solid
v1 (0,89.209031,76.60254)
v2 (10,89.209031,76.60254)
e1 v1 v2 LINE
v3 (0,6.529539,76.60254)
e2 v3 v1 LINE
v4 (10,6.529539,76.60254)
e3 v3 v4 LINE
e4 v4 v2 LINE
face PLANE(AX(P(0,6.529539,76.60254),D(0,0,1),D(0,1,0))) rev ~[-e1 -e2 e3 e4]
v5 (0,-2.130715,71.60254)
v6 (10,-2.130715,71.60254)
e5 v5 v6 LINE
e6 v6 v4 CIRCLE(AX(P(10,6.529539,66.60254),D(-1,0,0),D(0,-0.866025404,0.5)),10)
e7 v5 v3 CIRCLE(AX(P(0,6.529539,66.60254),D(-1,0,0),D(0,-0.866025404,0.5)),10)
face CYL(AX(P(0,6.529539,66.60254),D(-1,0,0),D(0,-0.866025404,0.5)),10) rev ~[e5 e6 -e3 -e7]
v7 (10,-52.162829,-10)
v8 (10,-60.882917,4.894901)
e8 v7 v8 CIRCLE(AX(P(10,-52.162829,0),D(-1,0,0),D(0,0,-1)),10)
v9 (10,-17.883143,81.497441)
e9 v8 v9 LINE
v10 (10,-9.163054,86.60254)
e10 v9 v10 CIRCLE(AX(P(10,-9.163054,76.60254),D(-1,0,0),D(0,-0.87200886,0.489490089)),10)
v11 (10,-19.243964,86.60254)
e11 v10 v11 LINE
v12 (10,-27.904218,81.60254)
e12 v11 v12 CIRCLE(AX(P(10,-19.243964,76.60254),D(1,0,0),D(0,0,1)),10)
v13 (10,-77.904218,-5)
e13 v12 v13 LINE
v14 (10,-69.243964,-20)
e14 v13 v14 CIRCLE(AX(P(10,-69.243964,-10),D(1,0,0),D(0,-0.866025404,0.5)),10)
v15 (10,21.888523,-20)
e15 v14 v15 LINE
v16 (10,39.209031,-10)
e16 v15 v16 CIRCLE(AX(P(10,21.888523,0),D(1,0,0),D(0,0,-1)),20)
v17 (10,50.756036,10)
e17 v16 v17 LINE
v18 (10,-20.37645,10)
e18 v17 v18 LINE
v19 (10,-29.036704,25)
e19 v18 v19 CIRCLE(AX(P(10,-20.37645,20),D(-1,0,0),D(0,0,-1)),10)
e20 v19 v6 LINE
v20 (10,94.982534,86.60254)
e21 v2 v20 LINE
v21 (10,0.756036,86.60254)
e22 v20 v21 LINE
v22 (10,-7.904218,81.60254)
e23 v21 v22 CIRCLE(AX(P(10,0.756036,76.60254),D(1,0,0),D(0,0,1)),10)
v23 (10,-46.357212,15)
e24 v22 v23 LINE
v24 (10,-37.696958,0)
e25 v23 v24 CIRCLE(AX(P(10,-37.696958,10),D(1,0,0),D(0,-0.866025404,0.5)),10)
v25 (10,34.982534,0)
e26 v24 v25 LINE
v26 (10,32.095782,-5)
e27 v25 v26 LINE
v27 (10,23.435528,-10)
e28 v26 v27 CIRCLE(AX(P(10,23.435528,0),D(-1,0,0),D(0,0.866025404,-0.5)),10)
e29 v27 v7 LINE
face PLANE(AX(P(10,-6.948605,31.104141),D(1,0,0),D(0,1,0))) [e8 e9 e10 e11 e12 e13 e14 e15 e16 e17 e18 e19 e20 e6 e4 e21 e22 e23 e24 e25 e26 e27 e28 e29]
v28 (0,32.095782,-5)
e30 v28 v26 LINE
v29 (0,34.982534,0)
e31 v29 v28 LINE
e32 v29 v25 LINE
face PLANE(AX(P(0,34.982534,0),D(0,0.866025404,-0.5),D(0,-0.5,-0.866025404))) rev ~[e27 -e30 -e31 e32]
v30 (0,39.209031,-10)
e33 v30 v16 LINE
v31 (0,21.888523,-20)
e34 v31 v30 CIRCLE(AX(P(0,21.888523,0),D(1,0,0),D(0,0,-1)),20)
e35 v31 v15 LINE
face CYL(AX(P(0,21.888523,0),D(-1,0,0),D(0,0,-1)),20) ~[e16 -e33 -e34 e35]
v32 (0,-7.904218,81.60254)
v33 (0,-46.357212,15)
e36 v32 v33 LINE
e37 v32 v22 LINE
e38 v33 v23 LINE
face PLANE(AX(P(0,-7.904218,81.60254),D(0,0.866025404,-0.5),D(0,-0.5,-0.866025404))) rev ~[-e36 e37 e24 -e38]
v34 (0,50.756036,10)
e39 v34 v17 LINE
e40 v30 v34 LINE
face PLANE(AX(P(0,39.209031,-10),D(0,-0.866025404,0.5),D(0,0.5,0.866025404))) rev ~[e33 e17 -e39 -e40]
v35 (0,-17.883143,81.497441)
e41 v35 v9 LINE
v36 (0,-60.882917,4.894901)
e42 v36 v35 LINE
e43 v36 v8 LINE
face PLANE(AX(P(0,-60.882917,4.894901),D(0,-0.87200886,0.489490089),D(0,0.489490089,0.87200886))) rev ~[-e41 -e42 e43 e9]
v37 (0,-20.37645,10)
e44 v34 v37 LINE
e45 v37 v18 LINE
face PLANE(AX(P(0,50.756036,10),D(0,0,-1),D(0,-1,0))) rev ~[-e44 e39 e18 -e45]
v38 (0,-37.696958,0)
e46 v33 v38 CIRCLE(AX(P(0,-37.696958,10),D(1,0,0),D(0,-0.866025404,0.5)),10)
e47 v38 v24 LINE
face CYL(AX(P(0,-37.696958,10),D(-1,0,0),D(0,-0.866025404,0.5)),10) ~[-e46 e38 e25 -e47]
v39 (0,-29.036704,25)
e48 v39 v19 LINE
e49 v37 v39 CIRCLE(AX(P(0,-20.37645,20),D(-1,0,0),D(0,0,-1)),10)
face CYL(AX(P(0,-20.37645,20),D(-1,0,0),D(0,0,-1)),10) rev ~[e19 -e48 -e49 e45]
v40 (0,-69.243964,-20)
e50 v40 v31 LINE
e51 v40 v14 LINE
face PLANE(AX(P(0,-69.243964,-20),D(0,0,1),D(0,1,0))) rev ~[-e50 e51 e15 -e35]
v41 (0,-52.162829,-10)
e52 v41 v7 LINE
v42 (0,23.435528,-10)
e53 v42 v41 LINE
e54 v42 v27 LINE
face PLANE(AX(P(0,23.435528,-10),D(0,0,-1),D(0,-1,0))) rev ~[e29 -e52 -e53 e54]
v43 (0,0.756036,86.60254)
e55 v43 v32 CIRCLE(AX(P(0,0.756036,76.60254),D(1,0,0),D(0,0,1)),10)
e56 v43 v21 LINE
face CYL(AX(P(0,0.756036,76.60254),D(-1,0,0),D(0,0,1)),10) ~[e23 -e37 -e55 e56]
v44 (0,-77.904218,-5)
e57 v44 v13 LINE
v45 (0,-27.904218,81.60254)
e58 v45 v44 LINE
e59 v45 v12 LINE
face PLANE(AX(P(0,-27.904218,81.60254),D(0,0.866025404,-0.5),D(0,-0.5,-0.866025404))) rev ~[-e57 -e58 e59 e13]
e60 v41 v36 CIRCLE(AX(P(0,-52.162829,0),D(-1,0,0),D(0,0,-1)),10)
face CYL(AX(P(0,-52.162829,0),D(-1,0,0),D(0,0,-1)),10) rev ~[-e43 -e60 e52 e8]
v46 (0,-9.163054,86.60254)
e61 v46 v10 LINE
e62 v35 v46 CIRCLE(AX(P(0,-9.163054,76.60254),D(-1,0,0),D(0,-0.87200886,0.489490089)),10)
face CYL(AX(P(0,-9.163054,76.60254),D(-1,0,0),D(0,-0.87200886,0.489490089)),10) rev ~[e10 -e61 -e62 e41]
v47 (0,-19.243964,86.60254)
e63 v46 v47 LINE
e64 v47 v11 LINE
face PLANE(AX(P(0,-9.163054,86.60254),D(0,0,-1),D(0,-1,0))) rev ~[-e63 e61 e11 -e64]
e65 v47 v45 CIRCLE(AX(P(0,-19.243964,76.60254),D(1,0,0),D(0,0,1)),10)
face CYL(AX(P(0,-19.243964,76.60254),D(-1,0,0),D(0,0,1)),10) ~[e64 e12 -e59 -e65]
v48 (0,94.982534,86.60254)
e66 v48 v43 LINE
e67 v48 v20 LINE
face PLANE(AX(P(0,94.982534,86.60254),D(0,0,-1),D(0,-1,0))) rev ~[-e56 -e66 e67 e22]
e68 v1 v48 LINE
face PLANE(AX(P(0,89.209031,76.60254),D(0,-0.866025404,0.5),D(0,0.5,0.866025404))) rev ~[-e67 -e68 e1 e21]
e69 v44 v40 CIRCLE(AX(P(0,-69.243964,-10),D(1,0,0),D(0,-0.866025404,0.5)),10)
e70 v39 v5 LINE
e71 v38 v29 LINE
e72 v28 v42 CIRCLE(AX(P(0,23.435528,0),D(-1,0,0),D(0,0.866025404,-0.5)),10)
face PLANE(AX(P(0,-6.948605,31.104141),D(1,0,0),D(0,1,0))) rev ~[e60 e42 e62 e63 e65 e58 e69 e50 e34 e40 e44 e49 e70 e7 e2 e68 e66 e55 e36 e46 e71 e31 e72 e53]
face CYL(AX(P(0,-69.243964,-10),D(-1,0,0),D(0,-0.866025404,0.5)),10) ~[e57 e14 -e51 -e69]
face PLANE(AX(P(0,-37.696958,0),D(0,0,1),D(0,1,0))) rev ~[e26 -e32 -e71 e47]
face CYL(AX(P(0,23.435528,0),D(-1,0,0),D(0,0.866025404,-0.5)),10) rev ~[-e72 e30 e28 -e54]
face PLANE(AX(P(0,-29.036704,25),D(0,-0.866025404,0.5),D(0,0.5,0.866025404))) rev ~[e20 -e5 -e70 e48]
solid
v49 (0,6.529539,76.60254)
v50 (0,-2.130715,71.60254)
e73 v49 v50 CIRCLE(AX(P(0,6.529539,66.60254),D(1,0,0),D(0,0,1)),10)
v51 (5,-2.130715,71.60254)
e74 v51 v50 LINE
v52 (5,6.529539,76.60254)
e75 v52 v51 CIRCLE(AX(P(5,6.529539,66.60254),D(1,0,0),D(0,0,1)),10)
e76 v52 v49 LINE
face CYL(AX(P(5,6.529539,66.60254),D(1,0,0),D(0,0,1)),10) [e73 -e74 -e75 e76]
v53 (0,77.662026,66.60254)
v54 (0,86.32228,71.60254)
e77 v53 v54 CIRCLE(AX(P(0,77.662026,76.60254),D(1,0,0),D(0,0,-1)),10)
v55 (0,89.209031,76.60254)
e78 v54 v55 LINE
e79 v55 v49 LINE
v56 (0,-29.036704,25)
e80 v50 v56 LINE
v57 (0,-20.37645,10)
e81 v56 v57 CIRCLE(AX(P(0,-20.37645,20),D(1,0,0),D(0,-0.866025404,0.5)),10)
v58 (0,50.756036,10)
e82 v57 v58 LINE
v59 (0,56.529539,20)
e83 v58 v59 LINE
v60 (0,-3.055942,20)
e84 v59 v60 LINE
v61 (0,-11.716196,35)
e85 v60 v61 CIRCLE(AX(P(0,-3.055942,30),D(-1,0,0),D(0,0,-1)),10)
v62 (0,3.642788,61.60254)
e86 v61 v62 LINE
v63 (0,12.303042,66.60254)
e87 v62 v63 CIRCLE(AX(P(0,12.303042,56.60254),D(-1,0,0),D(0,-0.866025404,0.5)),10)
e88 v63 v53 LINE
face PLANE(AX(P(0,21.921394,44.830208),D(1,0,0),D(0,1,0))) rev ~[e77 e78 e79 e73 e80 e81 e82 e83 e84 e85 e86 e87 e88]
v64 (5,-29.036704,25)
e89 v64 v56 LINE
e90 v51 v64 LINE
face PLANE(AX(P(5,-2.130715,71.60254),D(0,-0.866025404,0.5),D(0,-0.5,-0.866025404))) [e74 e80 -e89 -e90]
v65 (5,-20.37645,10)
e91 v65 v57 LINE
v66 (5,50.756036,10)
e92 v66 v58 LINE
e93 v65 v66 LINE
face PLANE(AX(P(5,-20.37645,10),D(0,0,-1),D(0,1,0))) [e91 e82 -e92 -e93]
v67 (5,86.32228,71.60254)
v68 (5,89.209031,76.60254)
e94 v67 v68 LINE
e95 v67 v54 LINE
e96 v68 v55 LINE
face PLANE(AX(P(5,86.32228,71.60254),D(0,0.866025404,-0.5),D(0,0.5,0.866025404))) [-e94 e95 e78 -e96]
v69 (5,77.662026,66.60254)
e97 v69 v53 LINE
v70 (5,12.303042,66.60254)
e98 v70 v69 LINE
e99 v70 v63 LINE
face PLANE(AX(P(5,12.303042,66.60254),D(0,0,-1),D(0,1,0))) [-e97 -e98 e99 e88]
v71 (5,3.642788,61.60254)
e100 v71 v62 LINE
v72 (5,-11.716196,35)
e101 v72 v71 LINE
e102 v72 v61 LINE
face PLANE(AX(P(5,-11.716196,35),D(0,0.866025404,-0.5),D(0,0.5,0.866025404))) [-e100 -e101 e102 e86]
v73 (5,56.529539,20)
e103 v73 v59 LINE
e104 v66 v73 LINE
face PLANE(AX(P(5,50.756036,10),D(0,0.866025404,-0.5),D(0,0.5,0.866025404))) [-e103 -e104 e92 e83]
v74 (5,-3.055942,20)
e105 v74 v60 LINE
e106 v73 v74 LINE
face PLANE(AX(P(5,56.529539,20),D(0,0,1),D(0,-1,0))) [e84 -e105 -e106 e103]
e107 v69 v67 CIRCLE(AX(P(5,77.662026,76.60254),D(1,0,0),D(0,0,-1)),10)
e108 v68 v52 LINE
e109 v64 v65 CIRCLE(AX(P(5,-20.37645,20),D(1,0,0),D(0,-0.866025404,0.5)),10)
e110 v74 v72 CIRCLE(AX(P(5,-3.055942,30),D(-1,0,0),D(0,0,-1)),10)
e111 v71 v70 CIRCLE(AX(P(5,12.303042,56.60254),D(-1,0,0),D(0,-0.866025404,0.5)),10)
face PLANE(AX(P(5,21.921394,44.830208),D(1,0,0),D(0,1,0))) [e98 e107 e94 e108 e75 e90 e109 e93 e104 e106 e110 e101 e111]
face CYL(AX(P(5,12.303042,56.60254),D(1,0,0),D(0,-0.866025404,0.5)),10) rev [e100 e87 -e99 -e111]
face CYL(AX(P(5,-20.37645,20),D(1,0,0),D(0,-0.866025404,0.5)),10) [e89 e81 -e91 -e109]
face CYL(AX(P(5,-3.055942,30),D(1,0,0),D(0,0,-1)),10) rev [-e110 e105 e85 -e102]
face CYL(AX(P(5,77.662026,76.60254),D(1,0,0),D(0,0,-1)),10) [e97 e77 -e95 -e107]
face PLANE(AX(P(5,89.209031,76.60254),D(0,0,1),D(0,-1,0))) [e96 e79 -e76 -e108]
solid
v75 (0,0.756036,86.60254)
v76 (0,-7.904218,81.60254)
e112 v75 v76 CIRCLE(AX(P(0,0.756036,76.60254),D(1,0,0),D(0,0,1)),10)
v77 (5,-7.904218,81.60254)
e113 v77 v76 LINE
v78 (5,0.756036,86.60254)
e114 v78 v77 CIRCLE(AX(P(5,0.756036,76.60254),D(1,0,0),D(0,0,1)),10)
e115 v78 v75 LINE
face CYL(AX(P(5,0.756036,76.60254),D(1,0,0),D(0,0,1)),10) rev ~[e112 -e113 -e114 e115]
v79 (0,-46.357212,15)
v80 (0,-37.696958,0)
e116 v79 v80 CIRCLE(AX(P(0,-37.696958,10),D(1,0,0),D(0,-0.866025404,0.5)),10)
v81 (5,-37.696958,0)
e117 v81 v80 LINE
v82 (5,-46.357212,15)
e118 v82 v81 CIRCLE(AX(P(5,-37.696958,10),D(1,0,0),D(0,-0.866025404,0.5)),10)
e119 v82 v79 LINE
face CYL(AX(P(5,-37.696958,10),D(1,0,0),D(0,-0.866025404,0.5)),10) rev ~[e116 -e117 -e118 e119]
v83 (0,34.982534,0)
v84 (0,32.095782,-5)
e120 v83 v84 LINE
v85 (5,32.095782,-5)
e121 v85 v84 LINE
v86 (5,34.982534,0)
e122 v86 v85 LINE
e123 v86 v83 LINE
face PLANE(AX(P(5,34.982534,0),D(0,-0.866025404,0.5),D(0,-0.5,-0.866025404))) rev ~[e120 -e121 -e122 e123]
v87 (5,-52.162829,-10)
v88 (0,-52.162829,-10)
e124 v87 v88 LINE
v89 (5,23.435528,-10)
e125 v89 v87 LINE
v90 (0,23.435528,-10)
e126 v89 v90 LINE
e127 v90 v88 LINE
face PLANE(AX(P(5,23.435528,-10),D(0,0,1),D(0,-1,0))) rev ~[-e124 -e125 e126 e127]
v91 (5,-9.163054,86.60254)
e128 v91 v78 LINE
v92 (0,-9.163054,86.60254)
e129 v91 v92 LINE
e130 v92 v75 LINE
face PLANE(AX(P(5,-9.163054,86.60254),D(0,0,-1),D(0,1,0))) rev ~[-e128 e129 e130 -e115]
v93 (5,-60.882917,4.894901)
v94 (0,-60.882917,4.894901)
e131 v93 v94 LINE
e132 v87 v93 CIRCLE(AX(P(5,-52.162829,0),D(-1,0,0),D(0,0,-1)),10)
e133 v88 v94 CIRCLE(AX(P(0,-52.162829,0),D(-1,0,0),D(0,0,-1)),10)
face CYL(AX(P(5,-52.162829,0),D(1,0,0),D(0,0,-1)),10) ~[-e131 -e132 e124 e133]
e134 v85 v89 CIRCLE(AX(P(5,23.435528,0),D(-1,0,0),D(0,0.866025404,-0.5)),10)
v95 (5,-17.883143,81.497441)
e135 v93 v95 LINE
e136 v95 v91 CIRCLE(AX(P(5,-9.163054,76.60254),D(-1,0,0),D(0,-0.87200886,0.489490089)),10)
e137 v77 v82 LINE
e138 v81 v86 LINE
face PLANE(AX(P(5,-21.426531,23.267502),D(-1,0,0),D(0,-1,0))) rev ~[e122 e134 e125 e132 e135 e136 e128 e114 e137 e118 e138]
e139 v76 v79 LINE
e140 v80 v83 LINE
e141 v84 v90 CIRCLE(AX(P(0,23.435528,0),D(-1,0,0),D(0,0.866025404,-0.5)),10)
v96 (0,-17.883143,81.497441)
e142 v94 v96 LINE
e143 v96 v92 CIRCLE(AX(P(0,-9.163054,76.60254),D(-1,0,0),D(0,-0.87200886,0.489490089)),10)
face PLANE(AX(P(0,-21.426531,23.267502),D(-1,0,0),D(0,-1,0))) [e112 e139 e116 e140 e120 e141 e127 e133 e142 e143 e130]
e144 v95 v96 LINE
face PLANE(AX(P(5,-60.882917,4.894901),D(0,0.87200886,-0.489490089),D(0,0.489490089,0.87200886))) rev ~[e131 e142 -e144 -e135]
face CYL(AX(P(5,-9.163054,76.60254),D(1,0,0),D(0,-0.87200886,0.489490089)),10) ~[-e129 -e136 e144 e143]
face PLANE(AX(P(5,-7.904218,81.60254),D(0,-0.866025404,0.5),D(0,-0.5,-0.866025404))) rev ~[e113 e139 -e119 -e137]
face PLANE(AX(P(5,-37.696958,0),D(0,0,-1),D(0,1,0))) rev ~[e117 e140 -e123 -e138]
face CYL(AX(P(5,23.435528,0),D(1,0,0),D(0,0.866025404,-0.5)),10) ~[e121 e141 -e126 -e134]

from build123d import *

# Parameters (mm, degrees)
BOSS_EXTRUDE1_DEPTH = 10
BOSS_EXTRUDE2_START = -5
BOSS_EXTRUDE2_DEPTH = 5
BOSS_EXTRUDE3_DEPTH = 5


with BuildPart() as part:
    # Sketch1 → Boss-Extrude1 (new body)
    with BuildSketch(Plane.YZ):
        with BuildLine():
            Line((94.982533692, 86.602540378), (0.756036384, 86.602540378))
            ThreePointArc((0.756036384, 86.602540378), (-4.243963616, 85.262794416), (-7.904217654, 81.602540378))
            Line((-7.904217654, 81.602540378), (-46.35721227, 15))
            ThreePointArc((-46.35721227, 15), (-46.35721227, 5), (-37.696958232, 0))
            Line((-37.696958232, 0), (34.982533692, 0))
            Line((34.982533692, 0), (32.095782346, -5))
            ThreePointArc((32.095782346, -5), (28.435528308, -8.660254038), (23.435528308, -10))
            Line((23.435528308, -10), (-52.162828812, -10))
            ThreePointArc((-52.162828812, -10), (-60.79269002, -5.052276273), (-60.882917416, 4.894900893))
            Line((-60.882917416, 4.894900893), (-17.883142944, 81.497441271))
            ThreePointArc((-17.883142944, 81.497441271), (-14.215330614, 85.232401586), (-9.163054341, 86.602540378))
            Line((-9.163054341, 86.602540378), (-15.017466308, 86.602540378))
            Line((-15.017466308, 86.602540378), (-19.243963616, 86.602540378))
            ThreePointArc((-19.243963616, 86.602540378), (-24.243963616, 85.262794416), (-27.904217654, 81.602540378))
            Line((-27.904217654, 81.602540378), (-77.904217654, -5))
            ThreePointArc((-77.904217654, -5), (-77.904217654, -15), (-69.243963616, -20))
            Line((-69.243963616, -20), (21.888522925, -20))
            ThreePointArc((21.888522925, -20), (31.888522925, -17.320508076), (39.209031, -10))
            Line((39.209031, -10), (50.756036384, 10))
            Line((50.756036384, 10), (-20.376450156, 10))
            ThreePointArc((-20.376450156, 10), (-29.036704194, 15), (-29.036704194, 25))
            Line((-29.036704194, 25), (-2.130714962, 71.602540378))
            ThreePointArc((-2.130714962, 71.602540378), (1.529539076, 75.262794416), (6.529539076, 76.602540378))
            Line((6.529539076, 76.602540378), (83.435528308, 76.602540378))
            Line((83.435528308, 76.602540378), (89.209031, 76.602540378))
            Line((89.209031, 76.602540378), (92.095782346, 81.602540378))
            Line((92.095782346, 81.602540378), (94.982533692, 86.602540378))
        make_face()
    extrude(amount=BOSS_EXTRUDE1_DEPTH)


with BuildPart() as body_2:
    # Sketch2 → Boss-Extrude2 (new body)
    with BuildSketch(Plane.YZ.offset(10).offset(BOSS_EXTRUDE2_START)):
        with BuildLine():
            Line((-9.163054341, 86.602540378), (0.756036384, 86.602540378))
            ThreePointArc((0.756036384, 86.602540378), (-4.243963616, 85.262794416), (-7.904217654, 81.602540378))
            Line((-7.904217654, 81.602540378), (-46.35721227, 15))
            ThreePointArc((-46.35721227, 15), (-46.35721227, 5), (-37.696958232, 0))
            Line((-37.696958232, 0), (34.982533692, 0))
            Line((34.982533692, 0), (32.095782346, -5))
            ThreePointArc((32.095782346, -5), (28.435528308, -8.660254038), (23.435528308, -10))
            Line((23.435528308, -10), (-52.162828812, -10))
            ThreePointArc((-52.162828812, -10), (-60.79269002, -5.052276273), (-60.882917416, 4.894900893))
            Line((-60.882917416, 4.894900893), (-17.883142944, 81.497441271))
            ThreePointArc((-17.883142944, 81.497441271), (-14.215330614, 85.232401586), (-9.163054341, 86.602540378))
        make_face()
    extrude(amount=-BOSS_EXTRUDE2_DEPTH)


with BuildPart() as body_3:
    # Sketch3 → Boss-Extrude3 (new body)
    with BuildSketch(Plane.YZ.offset(5)):
        with BuildLine():
            Line((-11.716196119, 35), (3.64278773, 61.602540378))
            ThreePointArc((3.64278773, 61.602540378), (7.303041768, 65.262794416), (12.303041768, 66.602540378))
            Line((12.303041768, 66.602540378), (77.662025616, 66.602540378))
            ThreePointArc((77.662025616, 66.602540378), (82.662025616, 67.942286341), (86.322279654, 71.602540378))
            Line((86.322279654, 71.602540378), (89.209031, 76.602540378))
            Line((89.209031, 76.602540378), (6.529539076, 76.602540378))
            ThreePointArc((6.529539076, 76.602540378), (1.529539076, 75.262794416), (-2.130714962, 71.602540378))
            Line((-2.130714962, 71.602540378), (-29.036704194, 25))
            ThreePointArc((-29.036704194, 25), (-29.036704194, 15), (-20.376450156, 10))
            Line((-20.376450156, 10), (50.756036384, 10))
            Line((50.756036384, 10), (56.529539076, 20))
            Line((56.529539076, 20), (-3.055942081, 20))
            ThreePointArc((-3.055942081, 20), (-11.716196119, 25), (-11.716196119, 35))
        make_face()
    extrude(amount=-BOSS_EXTRUDE3_DEPTH)


solid = Compound([part.part, body_2.part, body_3.part])
